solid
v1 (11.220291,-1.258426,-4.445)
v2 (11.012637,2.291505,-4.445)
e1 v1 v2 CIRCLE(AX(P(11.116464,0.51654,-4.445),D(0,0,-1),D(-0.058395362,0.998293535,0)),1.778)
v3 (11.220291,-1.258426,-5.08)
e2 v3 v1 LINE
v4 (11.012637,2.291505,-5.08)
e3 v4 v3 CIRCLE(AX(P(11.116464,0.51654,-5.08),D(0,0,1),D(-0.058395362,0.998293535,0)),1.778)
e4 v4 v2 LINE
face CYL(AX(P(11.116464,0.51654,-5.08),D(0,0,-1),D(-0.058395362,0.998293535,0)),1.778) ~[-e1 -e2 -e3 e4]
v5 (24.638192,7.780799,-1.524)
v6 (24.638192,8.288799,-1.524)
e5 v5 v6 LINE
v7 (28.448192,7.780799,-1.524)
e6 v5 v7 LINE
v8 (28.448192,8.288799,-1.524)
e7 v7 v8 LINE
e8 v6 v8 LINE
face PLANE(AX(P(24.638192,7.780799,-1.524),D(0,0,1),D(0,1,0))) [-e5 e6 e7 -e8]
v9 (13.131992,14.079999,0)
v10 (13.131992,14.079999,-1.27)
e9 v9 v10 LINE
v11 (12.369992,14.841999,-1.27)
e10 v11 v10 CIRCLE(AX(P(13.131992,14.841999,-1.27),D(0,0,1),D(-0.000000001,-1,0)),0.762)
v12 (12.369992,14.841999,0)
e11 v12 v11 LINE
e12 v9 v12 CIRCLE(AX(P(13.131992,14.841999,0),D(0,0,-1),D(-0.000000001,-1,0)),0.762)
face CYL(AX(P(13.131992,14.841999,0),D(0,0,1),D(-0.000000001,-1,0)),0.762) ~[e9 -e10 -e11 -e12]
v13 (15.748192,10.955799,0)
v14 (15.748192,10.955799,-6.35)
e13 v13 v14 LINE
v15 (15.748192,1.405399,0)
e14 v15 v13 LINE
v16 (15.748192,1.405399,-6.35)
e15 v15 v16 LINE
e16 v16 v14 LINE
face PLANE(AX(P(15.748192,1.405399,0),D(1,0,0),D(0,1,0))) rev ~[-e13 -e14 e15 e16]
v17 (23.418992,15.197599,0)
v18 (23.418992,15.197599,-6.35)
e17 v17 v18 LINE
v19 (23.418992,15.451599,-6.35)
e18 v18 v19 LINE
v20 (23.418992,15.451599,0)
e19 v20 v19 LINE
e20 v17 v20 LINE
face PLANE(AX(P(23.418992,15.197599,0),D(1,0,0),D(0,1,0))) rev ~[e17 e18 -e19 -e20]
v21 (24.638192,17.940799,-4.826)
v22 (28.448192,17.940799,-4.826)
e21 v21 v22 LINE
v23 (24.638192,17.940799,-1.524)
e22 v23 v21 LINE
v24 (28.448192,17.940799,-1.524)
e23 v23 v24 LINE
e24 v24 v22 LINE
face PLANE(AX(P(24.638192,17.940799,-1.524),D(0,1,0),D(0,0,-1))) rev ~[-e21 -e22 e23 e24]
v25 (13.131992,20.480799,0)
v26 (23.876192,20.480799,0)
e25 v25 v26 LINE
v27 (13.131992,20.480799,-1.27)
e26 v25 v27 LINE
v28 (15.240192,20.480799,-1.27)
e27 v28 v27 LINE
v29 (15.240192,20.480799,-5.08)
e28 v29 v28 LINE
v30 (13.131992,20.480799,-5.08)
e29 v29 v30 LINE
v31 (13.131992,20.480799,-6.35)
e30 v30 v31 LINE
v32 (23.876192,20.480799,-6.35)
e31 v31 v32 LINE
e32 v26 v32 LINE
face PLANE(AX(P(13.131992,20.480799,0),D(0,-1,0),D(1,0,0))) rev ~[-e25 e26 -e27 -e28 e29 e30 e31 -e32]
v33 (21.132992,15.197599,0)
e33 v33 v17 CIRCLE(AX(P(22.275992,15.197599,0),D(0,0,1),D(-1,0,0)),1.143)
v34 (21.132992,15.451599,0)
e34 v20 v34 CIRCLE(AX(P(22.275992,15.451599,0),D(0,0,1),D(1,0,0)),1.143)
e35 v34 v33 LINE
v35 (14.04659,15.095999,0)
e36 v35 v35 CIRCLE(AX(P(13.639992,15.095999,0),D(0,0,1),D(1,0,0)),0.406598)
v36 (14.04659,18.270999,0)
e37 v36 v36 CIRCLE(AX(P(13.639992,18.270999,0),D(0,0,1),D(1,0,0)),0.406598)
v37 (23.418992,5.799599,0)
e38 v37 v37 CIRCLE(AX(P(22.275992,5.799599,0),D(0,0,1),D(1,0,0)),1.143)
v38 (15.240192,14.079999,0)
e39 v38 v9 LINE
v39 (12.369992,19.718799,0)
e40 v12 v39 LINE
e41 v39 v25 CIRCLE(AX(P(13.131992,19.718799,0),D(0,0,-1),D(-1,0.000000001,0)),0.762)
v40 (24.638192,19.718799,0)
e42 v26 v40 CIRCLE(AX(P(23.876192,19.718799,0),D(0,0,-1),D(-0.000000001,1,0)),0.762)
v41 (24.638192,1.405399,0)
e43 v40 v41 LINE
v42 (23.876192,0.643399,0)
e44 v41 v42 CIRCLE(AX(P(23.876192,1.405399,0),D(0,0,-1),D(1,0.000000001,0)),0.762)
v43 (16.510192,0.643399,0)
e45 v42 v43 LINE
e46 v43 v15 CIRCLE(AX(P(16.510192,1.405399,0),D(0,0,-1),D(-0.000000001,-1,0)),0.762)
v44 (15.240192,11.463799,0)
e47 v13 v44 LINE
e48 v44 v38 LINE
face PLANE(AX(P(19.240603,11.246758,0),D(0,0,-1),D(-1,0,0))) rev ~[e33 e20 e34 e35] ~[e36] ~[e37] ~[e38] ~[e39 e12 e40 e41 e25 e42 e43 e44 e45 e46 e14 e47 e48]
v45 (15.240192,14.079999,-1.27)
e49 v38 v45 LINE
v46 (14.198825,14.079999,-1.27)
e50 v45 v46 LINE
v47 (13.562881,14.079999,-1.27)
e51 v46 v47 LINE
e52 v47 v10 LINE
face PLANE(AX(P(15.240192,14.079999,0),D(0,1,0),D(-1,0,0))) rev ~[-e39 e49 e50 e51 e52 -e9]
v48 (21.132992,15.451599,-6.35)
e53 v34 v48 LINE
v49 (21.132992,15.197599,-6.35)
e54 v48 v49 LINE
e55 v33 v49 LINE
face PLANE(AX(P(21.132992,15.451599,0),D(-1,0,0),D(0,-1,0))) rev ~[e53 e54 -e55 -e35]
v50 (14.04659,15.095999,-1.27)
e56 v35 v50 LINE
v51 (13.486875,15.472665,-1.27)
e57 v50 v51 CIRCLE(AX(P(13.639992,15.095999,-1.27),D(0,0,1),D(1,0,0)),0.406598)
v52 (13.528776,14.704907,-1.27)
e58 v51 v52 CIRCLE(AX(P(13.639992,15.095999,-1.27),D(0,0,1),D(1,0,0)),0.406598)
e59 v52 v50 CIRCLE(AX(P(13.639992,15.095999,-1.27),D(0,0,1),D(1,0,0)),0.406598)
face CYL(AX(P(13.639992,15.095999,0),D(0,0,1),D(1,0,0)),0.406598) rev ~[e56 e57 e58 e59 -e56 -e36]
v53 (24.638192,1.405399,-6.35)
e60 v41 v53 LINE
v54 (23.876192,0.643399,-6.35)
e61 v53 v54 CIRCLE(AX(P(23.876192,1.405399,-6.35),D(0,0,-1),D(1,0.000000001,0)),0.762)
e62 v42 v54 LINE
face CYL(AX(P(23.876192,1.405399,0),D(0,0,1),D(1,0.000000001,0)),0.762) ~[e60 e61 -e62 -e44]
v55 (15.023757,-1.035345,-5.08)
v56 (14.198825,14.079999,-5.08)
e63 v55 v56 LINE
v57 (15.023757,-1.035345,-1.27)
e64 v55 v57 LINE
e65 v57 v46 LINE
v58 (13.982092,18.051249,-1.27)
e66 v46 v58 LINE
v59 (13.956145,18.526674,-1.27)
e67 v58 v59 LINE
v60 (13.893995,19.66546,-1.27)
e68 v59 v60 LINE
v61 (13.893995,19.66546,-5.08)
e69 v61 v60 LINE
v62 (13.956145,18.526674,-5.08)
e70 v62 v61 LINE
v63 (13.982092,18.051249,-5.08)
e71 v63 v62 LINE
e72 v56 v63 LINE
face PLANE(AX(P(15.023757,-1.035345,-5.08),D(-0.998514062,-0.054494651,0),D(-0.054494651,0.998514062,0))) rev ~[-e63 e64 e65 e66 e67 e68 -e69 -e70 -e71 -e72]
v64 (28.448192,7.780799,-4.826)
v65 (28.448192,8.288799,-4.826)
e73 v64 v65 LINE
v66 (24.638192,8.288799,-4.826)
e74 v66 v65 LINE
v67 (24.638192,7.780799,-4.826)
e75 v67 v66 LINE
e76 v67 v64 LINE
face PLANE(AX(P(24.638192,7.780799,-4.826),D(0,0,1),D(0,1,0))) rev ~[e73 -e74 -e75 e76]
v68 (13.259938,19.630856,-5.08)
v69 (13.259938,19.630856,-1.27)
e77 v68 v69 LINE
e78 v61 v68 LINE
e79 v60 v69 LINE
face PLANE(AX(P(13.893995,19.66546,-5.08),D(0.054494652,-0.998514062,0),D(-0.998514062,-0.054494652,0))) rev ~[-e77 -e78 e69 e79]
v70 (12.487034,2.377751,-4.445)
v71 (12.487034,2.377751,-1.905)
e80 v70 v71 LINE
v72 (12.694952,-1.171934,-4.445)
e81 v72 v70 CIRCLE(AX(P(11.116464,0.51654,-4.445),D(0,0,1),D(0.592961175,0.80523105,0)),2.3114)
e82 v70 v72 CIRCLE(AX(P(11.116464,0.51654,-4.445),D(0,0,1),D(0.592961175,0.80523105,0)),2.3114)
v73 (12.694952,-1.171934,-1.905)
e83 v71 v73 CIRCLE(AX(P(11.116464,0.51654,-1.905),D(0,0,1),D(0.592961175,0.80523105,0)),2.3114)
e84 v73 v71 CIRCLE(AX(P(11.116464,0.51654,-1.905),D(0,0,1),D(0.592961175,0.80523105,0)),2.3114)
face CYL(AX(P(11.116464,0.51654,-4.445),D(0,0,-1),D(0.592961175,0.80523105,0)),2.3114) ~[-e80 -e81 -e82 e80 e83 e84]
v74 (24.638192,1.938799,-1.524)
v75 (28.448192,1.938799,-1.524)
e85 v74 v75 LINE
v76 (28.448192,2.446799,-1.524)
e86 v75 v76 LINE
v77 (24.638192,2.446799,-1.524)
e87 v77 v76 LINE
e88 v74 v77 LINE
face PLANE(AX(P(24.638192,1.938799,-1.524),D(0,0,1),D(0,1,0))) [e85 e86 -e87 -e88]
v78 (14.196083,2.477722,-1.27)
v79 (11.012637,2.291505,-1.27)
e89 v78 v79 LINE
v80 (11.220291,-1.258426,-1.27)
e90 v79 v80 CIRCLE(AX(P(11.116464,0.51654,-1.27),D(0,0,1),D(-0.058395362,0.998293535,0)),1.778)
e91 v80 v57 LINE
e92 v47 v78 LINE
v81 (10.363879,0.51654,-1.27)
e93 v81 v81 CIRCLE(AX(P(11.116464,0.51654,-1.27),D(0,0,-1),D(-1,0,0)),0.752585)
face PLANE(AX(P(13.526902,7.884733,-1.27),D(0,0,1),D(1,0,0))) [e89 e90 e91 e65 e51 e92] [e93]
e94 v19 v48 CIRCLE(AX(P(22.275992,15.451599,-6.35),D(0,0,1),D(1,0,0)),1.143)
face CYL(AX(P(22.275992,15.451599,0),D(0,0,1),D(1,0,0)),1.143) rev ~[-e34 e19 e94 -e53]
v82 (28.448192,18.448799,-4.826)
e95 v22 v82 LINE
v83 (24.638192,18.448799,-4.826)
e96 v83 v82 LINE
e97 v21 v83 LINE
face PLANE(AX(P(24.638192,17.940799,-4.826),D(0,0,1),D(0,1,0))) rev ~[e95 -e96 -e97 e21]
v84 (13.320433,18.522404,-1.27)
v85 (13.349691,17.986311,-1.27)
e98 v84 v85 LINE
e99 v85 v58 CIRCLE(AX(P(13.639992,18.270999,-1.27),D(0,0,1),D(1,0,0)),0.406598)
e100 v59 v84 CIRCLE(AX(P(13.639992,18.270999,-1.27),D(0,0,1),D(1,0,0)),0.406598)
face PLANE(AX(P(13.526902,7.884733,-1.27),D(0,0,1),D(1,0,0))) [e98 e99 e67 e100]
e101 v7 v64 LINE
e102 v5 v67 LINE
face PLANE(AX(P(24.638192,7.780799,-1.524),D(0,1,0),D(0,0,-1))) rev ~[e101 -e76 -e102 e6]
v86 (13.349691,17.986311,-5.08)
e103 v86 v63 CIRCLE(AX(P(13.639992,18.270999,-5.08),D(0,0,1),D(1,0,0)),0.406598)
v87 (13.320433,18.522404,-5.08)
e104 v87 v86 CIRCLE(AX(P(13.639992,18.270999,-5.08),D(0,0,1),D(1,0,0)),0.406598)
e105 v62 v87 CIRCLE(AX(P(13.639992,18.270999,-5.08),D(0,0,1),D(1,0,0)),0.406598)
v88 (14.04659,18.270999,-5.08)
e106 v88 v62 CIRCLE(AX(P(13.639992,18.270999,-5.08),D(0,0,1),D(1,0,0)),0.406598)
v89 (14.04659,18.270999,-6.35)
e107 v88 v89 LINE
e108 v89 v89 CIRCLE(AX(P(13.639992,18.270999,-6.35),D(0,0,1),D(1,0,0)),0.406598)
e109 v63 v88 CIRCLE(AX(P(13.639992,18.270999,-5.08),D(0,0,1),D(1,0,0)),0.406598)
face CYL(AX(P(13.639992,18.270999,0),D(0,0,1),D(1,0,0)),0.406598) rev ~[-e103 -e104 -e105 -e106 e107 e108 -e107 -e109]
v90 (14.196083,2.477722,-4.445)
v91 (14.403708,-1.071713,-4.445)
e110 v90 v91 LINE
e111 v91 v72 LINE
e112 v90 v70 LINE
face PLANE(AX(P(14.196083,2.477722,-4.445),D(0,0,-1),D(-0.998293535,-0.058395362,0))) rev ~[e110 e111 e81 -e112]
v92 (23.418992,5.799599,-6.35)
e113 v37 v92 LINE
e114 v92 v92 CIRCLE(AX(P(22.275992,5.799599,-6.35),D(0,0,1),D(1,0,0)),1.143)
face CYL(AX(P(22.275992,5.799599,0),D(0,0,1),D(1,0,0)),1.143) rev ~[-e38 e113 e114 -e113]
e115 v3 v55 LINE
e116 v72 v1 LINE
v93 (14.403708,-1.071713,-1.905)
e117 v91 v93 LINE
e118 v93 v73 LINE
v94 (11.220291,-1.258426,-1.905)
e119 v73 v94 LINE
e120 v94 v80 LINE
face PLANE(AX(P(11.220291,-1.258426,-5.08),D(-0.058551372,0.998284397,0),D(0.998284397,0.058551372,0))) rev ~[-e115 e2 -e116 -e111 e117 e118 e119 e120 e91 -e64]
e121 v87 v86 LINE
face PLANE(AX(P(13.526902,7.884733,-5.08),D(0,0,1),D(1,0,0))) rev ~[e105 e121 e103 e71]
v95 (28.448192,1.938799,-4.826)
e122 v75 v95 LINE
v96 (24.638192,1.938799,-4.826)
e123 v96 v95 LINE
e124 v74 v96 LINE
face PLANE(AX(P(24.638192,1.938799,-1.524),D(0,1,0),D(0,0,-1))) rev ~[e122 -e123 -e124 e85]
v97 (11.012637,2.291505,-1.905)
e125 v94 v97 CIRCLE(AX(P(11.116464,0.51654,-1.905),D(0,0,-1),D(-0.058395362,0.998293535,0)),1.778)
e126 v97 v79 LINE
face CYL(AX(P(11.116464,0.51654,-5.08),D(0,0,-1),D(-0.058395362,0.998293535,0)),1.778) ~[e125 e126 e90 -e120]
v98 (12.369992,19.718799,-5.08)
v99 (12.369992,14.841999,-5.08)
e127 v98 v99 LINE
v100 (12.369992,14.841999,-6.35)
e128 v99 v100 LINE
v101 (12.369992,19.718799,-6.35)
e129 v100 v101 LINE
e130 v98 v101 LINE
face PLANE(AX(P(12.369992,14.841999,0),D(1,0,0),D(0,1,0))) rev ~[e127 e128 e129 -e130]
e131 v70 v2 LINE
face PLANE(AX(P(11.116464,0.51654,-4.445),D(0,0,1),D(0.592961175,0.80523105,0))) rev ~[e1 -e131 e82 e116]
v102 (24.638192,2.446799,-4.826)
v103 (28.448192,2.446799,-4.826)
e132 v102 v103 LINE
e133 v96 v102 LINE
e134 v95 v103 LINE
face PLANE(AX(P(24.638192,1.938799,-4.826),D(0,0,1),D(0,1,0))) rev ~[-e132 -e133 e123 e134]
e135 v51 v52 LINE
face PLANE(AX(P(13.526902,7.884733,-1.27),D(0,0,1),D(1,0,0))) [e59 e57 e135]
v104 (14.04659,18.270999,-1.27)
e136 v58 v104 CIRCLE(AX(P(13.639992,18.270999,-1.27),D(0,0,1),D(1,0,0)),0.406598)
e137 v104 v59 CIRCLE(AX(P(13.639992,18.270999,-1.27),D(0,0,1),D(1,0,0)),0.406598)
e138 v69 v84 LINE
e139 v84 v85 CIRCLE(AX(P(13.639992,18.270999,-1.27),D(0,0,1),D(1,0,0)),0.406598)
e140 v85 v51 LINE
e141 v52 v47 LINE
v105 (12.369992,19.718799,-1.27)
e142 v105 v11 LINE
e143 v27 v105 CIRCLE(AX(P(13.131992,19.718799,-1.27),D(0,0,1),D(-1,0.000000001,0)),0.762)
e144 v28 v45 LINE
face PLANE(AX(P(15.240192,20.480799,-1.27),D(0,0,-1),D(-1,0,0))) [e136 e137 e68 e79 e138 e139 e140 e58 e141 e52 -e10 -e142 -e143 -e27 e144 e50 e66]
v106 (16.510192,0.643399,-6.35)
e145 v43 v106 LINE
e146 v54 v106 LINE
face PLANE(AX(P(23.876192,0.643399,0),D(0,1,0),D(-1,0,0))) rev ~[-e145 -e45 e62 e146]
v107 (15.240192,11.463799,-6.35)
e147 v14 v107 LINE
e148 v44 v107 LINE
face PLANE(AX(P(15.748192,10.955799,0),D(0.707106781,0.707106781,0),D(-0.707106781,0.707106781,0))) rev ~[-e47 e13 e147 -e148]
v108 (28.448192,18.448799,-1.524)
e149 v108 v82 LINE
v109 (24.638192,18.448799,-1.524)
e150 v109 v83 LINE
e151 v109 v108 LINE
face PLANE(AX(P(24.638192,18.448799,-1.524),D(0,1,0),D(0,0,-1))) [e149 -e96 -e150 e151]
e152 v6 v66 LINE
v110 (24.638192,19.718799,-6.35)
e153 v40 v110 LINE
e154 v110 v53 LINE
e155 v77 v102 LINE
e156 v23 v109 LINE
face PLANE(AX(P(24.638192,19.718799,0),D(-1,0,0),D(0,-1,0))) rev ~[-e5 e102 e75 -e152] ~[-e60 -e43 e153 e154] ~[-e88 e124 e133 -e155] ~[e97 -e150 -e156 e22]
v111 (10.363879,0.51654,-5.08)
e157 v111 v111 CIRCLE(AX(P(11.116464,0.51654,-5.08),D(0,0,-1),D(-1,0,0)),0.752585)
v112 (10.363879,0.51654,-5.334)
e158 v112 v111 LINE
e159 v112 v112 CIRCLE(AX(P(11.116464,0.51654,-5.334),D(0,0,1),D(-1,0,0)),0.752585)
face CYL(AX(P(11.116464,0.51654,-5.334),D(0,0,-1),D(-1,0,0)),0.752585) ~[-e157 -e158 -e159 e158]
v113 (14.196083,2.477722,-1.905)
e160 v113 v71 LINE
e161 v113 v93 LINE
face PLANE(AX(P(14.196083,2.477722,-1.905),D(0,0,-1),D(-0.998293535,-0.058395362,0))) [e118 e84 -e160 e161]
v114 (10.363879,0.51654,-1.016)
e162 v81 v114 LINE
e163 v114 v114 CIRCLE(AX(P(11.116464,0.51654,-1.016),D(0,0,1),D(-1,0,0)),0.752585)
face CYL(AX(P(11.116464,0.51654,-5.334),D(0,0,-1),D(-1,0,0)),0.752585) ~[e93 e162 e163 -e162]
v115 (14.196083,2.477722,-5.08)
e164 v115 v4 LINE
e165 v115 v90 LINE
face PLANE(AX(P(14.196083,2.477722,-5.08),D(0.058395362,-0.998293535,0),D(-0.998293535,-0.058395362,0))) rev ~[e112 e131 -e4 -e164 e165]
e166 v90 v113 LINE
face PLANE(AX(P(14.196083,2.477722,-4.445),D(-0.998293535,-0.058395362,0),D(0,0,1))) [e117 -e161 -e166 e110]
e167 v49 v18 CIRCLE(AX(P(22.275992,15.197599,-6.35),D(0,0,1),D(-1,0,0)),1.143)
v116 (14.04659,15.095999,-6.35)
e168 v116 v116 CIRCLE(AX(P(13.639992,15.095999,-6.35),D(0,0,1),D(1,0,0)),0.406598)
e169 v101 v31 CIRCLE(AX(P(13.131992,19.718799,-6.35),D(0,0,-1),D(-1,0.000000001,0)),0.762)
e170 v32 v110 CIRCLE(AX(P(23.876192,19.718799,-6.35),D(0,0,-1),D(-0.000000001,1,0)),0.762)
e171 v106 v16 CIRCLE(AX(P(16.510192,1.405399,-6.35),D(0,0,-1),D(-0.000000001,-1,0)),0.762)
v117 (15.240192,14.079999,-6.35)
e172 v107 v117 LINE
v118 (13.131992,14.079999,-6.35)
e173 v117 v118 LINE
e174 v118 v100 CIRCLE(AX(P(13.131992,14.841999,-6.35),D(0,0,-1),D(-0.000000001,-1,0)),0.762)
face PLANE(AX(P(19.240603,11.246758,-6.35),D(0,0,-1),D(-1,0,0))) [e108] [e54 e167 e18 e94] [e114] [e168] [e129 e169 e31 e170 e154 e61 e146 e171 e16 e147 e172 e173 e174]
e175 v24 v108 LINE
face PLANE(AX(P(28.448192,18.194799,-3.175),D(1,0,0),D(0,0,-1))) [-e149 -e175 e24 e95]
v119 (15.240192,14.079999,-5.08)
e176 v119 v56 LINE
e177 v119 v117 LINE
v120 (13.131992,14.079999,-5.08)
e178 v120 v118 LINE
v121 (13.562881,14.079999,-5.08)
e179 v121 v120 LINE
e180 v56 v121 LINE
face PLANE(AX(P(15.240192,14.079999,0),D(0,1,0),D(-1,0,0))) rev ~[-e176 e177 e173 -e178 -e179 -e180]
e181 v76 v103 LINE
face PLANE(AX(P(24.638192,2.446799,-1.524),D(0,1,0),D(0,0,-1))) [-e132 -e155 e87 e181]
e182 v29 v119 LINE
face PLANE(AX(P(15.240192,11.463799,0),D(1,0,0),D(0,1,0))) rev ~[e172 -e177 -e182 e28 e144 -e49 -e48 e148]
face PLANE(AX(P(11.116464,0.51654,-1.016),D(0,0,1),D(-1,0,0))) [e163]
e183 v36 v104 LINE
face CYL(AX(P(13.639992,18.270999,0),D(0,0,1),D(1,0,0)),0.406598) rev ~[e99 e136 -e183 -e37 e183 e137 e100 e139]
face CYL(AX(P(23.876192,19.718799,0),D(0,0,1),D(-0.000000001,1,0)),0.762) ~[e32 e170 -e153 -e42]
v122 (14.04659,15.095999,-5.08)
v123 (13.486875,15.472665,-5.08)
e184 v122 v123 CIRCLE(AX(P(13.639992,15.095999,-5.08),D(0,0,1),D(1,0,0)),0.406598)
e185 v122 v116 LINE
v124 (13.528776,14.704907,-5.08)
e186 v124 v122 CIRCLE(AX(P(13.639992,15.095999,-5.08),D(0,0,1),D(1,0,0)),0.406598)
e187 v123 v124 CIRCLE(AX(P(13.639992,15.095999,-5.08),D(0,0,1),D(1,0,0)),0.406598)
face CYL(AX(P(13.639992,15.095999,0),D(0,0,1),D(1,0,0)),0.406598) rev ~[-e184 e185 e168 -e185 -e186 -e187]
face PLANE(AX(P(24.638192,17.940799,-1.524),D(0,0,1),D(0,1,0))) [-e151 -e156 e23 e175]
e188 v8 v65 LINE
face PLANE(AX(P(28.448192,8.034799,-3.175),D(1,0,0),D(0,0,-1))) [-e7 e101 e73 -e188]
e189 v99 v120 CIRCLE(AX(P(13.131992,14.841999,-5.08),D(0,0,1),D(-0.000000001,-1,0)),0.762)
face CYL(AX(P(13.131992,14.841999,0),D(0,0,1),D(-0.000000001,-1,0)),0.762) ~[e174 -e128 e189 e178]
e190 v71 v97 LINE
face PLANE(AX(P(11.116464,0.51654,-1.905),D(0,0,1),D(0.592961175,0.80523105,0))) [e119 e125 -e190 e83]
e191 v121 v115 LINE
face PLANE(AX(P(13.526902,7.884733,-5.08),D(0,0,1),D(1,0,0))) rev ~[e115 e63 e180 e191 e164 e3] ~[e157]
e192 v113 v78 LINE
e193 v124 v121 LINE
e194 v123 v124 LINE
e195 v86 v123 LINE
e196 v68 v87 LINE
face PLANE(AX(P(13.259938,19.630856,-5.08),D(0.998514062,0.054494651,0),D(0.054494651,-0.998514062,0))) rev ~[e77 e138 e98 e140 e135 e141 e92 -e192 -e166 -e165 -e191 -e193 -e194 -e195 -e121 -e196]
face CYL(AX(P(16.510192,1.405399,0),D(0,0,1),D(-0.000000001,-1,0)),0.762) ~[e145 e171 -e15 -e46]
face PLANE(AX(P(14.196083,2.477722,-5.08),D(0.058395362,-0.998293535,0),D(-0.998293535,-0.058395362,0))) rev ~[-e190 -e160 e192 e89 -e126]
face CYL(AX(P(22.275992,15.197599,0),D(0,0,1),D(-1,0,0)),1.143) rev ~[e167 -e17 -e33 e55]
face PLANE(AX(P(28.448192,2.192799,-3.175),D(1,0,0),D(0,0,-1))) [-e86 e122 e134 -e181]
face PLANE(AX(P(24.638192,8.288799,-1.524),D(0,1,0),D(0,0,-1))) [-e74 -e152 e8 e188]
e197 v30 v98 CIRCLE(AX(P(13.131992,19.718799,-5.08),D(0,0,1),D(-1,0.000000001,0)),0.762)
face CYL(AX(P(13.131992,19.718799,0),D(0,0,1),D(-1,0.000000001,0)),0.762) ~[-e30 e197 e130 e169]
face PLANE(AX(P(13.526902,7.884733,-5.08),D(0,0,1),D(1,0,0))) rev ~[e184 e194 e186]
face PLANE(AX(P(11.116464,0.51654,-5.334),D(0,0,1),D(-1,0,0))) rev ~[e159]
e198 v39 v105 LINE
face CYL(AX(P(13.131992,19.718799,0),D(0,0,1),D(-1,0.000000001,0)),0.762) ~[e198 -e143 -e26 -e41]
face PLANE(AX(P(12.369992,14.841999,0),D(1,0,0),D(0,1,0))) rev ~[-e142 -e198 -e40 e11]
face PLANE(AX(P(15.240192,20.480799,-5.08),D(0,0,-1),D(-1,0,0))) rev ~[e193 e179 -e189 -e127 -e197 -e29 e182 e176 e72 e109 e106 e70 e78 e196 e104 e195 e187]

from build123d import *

# Parameters (mm, degrees)
SKETCH1_R                = 0.406598389
SKETCH1_R_2              = 1.143
BASE_EXTRUDE_DEPTH       = 6.35
SKETCH2_W                = 2.8702
SKETCH2_H                = 3.81
CUT_EXTRUDE1_DEPTH       = 33.262756347
SKETCH3_W                = 3.302
SKETCH3_H                = 0.508
BOSS_EXTRUDE1_DEPTH      = 3.81
BOSS_EXTRUDE2_DEPTH      = 3.81
SKETCH5_W                = 6.170551723
SKETCH5_H                = 2.54
CUT_EXTRUDE2_DEPTH       = 6.096
SKETCH6_R                = 2.3114
BOSS_EXTRUDE3_DEPTH      = 2.54
BOSS_EXTRUDE4_DEPTH      = 0.254
BOSS_EXTRUDE4_DEPTH_BACK = 4.064
SKETCH7_R                = 0.752584906


with BuildPart() as part:
    # Sketch1 → Base-Extrude (new body)
    with BuildSketch(Plane.XY):
        with BuildLine():
            Line((15.748192067, 1.405399301), (15.748192067, 10.955799301))
            Line((15.748192067, 10.955799301), (15.240192067, 11.463799301))
            Line((15.240192067, 11.463799301), (15.240192067, 14.079999301))
            Line((15.240192067, 14.079999301), (13.131992067, 14.079999301))
            ThreePointArc((13.131992067, 14.079999301), (12.5931767, 14.303183934), (12.369992067, 14.841999301))
            Line((12.369992067, 14.841999301), (12.369992067, 19.718799301))
            ThreePointArc((12.369992067, 19.718799301), (12.5931767, 20.257614668), (13.131992067, 20.480799301))
            Line((13.131992067, 20.480799301), (23.876192067, 20.480799301))
            ThreePointArc((23.876192067, 20.480799301), (24.415007435, 20.257614668), (24.638192067, 19.718799301))
            Line((24.638192067, 19.718799301), (24.638192067, 1.405399301))
            ThreePointArc((24.638192067, 1.405399301), (24.415007435, 0.866583934), (23.876192067, 0.643399301))
            Line((23.876192067, 0.643399301), (16.510192067, 0.643399301))
            ThreePointArc((16.510192067, 0.643399301), (15.9713767, 0.866583934), (15.748192067, 1.405399301))
        make_face()
        with Locations((13.639992067, 18.270999301)):
            Circle(SKETCH1_R, mode=Mode.SUBTRACT)
        with Locations((13.639992067, 15.095999301)):
            Circle(SKETCH1_R, mode=Mode.SUBTRACT)
        with Locations((22.275992067, 5.799599301)):
            Circle(SKETCH1_R_2, mode=Mode.SUBTRACT)
        with BuildLine():
            Line((23.418992067, 15.197599301), (23.418992067, 15.451599301))
            ThreePointArc((23.418992067, 15.451599301), (22.275992067, 16.594599301), (21.132992067, 15.451599301))
            Line((21.132992067, 15.451599301), (21.132992067, 15.197599301))
            ThreePointArc((21.132992067, 15.197599301), (22.275992067, 14.054599301), (23.418992067, 15.197599301))
        make_face(mode=Mode.SUBTRACT)
    extrude(amount=-BASE_EXTRUDE_DEPTH)

    # Sketch2 → Cut-Extrude1 (cut, through all)
    with BuildSketch(Plane(origin=(0, 20.480799301, 0), x_dir=(-1, 0, 0), z_dir=(0, 1, 0))):
        with Locations((-13.805092067, -3.175)):
            Rectangle(SKETCH2_W, SKETCH2_H)
    extrude(amount=-CUT_EXTRUDE1_DEPTH, mode=Mode.SUBTRACT)

    # Sketch3 → Boss-Extrude1 (add)
    with BuildSketch(Plane(origin=(24.638192067, 0, 0), x_dir=(0, 0, -1), z_dir=(1, 0, 0))):
        with Locations((3.175, 18.194799301)):
            Rectangle(SKETCH3_W, SKETCH3_H)
        with Locations((3.175, 8.034799301)):
            Rectangle(SKETCH3_W, SKETCH3_H)
        with Locations((3.175, 2.192799301)):
            Rectangle(SKETCH3_W, SKETCH3_H)
    extrude(amount=BOSS_EXTRUDE1_DEPTH)

    # Sketch4 → Boss-Extrude2 (add)
    with BuildSketch(Plane.XY.offset(-5.08)):
        with BuildLine():
            Line((13.259938371, 19.630855819), (14.196083485, 2.477721783))
            Line((14.196083485, 2.477721783), (11.012636903, 2.291505495))
            ThreePointArc((11.012636903, 2.291505495), (9.341497952, 0.412712637), (11.22029081, -1.258426314))
            Line((11.22029081, -1.258426314), (15.023756731, -1.035345448))
            Line((15.023756731, -1.035345448), (13.893994801, 19.665459923))
            Line((13.893994801, 19.665459923), (13.259938371, 19.630855819))
        make_face()
    extrude(amount=BOSS_EXTRUDE2_DEPTH)

    # Sketch5 → Cut-Extrude2 (cut)
    with BuildSketch(Plane(origin=(-0.096031652, 1.641701906, 0), x_dir=(-0.9982935348358413, -0.05839536201584024, 0), z_dir=(-0.05839536201584024, 0.9982935348358413, 0))):
        with Locations((-11.231269963, -3.175)):
            Rectangle(SKETCH5_W, SKETCH5_H)
    extrude(amount=-CUT_EXTRUDE2_DEPTH, mode=Mode.SUBTRACT)

    # Sketch6 → Boss-Extrude3 (add)
    with BuildSketch(Plane.XY.offset(-4.445)):
        with Locations(Location((11.116463856, 0.51653959, 0), (0, 0, 53.632575023))):
            Circle(SKETCH6_R)
    extrude(amount=BOSS_EXTRUDE3_DEPTH)

    # Sketch7 → Boss-Extrude4 (add, two sides: drawn at the far end of the back side and taken through both)
    with BuildSketch(Plane.XY.offset(-1.27).offset(-BOSS_EXTRUDE4_DEPTH_BACK)):
        with Locations(Location((11.116463856, 0.51653959, 0), (0, 0, 180))):
            Circle(SKETCH7_R)
    extrude(amount=BOSS_EXTRUDE4_DEPTH + BOSS_EXTRUDE4_DEPTH_BACK)


solid = part.part
